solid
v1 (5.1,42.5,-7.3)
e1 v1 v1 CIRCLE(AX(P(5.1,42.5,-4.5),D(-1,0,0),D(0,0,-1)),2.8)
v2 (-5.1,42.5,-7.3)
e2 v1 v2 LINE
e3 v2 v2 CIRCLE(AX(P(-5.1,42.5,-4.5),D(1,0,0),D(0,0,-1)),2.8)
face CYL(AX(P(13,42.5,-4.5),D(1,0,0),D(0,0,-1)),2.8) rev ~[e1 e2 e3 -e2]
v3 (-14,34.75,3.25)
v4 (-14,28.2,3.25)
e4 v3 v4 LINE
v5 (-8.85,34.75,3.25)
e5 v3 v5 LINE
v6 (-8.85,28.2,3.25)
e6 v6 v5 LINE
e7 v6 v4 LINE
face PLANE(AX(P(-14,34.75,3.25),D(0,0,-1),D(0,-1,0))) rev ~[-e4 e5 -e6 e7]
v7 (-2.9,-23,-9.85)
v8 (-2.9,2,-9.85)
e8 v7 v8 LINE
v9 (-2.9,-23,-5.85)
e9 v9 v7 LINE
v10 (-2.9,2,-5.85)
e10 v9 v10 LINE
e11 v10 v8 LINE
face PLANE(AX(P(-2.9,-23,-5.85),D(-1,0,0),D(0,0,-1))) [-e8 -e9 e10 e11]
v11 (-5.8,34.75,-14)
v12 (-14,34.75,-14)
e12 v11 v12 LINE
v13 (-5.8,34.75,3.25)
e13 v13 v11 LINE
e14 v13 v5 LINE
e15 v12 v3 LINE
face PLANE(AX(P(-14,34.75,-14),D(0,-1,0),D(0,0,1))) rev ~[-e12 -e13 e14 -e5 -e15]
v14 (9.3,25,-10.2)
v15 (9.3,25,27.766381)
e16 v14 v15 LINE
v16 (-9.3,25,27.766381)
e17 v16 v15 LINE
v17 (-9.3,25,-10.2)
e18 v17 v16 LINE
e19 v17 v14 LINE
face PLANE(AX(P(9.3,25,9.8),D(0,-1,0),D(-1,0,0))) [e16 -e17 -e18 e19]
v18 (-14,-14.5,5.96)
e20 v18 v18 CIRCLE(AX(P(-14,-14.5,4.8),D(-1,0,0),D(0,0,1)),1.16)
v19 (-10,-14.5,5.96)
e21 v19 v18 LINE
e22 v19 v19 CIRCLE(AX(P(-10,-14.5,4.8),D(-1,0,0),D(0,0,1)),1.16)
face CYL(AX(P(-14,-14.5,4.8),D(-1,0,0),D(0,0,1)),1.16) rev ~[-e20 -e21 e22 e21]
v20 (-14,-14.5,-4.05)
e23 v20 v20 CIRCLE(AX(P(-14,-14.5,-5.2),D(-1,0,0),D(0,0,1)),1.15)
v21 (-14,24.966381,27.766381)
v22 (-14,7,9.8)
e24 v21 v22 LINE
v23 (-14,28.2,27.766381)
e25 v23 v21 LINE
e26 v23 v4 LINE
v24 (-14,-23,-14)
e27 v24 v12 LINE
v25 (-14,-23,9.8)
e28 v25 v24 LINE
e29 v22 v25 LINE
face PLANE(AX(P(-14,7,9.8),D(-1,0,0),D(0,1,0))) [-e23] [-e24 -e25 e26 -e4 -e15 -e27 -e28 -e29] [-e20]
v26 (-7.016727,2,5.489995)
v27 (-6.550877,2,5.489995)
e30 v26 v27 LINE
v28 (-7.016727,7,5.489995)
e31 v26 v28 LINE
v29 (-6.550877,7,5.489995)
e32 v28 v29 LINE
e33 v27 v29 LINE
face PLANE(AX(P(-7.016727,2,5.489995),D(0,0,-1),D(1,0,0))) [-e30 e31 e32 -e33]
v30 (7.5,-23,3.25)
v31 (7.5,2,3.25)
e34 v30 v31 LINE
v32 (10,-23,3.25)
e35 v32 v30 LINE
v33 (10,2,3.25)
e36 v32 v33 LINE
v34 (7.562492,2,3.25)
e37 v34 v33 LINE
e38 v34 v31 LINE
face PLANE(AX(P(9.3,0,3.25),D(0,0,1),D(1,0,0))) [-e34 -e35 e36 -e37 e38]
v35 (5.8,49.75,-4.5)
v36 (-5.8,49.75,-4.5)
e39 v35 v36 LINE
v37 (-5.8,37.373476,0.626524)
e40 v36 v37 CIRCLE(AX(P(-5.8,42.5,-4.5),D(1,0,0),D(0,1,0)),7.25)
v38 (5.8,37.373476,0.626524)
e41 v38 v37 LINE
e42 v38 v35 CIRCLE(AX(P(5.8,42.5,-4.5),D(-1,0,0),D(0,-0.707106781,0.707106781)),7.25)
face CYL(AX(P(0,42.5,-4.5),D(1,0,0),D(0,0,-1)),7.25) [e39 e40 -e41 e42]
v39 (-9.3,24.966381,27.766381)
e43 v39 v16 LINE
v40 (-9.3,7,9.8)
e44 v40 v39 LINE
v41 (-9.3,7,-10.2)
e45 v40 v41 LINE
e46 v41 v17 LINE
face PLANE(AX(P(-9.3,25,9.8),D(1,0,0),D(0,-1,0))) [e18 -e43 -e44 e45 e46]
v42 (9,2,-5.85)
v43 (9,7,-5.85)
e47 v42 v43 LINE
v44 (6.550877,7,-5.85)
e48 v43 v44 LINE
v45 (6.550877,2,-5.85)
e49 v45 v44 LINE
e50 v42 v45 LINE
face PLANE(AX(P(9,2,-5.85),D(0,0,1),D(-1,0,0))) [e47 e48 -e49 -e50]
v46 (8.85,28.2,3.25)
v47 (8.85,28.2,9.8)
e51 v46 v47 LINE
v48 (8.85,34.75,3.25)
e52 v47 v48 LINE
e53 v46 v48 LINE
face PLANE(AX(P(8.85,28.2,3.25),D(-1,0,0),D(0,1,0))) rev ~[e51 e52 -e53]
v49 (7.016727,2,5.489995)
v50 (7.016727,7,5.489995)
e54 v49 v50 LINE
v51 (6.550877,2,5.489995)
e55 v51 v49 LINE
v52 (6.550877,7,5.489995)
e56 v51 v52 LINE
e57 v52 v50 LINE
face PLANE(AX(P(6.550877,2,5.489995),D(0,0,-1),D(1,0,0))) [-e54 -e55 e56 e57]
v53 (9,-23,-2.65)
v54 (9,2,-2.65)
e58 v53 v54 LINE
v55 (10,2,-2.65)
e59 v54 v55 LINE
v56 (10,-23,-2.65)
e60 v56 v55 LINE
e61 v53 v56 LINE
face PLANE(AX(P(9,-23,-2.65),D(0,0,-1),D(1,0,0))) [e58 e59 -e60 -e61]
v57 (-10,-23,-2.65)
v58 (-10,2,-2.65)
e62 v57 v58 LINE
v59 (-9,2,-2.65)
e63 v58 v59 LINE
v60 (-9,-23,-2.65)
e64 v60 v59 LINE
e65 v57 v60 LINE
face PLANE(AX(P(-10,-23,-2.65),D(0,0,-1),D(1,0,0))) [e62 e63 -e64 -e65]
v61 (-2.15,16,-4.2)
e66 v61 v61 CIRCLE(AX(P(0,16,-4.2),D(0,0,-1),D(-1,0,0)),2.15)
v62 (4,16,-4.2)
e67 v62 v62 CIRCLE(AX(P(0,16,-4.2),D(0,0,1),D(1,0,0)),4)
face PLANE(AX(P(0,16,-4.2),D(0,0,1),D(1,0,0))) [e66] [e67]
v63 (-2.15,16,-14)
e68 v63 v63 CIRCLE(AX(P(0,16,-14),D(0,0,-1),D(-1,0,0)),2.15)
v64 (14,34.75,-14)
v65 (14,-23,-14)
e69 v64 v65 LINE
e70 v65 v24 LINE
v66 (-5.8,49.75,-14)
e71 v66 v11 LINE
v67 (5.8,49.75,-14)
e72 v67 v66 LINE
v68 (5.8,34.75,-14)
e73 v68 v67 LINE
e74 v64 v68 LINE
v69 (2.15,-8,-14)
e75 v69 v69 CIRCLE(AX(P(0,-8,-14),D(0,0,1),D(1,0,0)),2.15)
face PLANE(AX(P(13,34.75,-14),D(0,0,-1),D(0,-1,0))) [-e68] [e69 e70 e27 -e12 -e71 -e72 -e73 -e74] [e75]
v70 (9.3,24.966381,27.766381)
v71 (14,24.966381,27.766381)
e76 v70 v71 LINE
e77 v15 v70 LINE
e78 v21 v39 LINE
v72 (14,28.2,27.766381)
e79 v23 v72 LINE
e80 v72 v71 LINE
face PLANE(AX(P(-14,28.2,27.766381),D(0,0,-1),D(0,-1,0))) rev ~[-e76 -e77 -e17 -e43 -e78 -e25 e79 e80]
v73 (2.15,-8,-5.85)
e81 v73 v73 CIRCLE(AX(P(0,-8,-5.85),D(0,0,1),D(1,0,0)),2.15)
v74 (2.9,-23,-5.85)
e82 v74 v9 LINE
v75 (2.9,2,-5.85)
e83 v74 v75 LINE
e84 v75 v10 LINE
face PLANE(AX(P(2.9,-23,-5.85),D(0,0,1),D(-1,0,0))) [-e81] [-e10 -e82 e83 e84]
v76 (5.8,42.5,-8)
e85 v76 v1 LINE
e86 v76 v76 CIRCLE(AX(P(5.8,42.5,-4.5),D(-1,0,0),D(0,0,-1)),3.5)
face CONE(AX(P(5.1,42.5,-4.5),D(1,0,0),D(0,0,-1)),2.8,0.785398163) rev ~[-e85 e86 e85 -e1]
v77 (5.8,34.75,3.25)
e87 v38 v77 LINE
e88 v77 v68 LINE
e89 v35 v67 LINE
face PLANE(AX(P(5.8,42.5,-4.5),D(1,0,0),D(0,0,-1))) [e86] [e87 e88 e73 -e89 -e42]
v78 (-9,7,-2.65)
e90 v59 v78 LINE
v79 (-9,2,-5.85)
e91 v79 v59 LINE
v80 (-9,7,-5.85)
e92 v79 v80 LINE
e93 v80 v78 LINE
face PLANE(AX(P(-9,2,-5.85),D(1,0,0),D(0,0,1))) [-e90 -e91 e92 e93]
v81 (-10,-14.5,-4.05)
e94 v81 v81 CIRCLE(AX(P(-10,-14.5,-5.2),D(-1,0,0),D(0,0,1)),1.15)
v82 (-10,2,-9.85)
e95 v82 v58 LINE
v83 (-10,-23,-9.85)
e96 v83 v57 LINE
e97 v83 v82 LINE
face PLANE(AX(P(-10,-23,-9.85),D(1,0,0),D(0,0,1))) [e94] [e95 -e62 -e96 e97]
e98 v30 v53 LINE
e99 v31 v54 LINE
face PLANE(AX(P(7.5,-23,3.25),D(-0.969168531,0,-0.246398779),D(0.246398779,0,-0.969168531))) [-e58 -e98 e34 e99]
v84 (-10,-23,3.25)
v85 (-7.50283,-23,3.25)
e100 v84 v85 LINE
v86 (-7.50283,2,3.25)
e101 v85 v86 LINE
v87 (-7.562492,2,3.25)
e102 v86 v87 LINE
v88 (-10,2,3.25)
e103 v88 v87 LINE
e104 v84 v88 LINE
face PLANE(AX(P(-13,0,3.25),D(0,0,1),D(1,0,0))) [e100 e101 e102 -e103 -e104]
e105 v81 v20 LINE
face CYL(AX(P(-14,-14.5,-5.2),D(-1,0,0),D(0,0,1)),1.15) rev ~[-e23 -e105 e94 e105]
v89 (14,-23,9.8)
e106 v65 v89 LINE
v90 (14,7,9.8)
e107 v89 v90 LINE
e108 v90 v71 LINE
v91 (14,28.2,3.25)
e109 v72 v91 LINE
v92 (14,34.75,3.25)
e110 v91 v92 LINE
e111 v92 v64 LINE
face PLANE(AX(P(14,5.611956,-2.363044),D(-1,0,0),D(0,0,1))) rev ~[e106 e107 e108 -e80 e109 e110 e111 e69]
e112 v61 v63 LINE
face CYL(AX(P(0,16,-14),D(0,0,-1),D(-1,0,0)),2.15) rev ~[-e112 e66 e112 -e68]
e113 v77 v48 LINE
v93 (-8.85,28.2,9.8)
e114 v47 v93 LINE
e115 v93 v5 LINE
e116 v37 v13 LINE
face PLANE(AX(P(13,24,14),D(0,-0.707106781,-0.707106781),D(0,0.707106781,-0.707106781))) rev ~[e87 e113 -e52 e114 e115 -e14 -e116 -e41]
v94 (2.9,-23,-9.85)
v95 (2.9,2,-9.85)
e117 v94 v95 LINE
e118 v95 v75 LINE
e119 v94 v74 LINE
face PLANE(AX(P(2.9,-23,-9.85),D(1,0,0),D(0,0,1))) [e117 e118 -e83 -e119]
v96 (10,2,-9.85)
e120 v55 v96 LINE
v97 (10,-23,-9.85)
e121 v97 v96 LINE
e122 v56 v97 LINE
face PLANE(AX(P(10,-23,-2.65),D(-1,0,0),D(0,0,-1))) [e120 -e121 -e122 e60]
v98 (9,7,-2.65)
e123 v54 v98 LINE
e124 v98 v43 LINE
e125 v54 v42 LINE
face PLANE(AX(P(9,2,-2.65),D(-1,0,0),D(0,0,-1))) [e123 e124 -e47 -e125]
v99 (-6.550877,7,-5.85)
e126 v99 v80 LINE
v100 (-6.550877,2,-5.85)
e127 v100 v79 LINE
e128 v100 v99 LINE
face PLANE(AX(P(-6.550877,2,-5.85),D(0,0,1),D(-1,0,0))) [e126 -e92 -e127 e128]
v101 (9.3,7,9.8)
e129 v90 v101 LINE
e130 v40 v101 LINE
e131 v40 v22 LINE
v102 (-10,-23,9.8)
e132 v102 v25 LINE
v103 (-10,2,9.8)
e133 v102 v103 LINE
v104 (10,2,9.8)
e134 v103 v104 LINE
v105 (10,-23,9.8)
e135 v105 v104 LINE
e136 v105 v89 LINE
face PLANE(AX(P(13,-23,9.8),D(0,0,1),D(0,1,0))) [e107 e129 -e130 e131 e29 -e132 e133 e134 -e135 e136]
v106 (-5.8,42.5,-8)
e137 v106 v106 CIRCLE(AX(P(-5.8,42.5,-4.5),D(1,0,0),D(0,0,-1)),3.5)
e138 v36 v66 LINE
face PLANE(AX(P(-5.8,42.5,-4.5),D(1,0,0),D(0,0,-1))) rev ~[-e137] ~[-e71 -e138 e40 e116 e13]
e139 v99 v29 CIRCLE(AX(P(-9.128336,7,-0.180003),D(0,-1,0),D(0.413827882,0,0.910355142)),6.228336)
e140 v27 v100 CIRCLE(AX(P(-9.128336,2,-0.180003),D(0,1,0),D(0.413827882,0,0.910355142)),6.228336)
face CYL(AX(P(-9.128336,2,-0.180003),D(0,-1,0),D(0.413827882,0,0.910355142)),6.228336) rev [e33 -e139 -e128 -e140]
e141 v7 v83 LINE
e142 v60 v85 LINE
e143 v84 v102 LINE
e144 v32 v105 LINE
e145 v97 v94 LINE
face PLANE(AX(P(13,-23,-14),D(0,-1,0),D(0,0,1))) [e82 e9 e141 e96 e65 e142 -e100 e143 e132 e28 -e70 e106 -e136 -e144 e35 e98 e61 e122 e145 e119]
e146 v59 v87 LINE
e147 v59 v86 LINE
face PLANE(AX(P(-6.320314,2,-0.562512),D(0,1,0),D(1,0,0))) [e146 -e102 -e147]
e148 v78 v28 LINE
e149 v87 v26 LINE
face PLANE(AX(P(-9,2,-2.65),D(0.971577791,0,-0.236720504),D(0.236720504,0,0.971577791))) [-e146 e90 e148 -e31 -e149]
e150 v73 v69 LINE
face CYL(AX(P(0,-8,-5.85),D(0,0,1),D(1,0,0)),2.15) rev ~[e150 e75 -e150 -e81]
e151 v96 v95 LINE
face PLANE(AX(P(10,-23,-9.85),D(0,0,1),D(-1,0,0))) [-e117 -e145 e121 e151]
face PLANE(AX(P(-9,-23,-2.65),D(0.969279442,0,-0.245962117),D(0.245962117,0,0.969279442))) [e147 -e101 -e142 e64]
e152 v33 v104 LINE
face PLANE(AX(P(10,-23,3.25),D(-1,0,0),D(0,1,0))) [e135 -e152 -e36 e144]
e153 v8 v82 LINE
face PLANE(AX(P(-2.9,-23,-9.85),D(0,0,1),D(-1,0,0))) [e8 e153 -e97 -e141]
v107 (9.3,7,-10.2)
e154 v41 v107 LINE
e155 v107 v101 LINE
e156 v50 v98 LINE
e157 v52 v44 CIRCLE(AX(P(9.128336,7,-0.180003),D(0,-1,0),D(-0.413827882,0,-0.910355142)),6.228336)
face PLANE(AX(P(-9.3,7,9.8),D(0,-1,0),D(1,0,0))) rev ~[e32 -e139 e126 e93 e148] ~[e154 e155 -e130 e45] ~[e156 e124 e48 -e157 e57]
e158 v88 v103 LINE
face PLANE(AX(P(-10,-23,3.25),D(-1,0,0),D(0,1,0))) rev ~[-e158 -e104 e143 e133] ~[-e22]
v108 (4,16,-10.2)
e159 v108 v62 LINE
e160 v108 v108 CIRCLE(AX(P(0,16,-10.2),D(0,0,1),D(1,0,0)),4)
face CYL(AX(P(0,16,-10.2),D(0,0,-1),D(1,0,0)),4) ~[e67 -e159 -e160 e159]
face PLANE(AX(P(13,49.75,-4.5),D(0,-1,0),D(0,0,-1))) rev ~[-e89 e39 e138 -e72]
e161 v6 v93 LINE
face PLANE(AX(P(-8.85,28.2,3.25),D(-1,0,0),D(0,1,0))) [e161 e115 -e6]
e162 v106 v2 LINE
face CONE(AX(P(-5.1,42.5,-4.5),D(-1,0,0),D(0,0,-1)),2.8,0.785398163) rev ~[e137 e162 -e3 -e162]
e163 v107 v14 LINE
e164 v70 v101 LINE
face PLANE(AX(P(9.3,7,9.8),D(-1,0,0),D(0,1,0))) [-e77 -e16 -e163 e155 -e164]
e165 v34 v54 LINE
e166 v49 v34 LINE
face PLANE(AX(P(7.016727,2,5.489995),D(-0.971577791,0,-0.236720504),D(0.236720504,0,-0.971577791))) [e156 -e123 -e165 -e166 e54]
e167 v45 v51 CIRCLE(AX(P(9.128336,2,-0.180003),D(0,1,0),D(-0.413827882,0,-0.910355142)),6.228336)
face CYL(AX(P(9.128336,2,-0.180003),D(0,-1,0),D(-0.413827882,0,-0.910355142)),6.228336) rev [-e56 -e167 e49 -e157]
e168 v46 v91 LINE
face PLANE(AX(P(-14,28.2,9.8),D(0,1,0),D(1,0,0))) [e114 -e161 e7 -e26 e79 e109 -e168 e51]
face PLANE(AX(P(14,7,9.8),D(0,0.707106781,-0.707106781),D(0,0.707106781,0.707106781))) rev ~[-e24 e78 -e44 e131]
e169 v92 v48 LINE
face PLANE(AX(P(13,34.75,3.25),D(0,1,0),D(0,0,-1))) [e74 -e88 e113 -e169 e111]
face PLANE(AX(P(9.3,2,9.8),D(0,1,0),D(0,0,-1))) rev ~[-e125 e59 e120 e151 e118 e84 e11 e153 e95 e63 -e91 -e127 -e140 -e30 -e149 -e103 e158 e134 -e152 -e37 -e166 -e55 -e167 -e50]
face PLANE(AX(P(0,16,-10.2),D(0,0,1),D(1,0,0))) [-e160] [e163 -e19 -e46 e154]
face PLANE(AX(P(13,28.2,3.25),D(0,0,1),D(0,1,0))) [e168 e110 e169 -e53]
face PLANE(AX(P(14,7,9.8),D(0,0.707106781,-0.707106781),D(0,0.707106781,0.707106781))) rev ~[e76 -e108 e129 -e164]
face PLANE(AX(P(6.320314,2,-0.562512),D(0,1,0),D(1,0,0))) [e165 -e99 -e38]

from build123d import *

# Parameters (mm, degrees)
SKETCH1_W                = 26
SKETCH1_H                = 28
BOSS_EXTRUDE1_DEPTH      = 50
CUT_EXTRUDE3_DEPTH       = 39
SKETCH14_R               = 7.25
BOSS_EXTRUDE7_DEPTH      = 5.8
SKETCH15_R               = 2.8
CUT_EXTRUDE4_DEPTH       = 28
CUT_EXTRUDE7_DEPTH       = 54.29223677
SKETCH19_R               = 2.15
CUT_EXTRUDE9_DEPTH       = 50
ESQUISSE1_W              = 17.371158736
ESQUISSE1_H              = 10.855066753
ENL_V_MAT_EXTRU_1_DEPTH  = 7.5
ENL_V_START              = -7.2
ESQUISSE3_W              = 17.25
ESQUISSE3_H              = 8.423951408
ENL_V_MAT_EXTRU_3_DEPTH  = 7.2
ESQUISSE43_W             = 18.6
ESQUISSE43_H             = 18
ENL_V_MAT_EXTRU_4_DEPTH  = 20
BOSS_EXTRU_28_DEPTH      = 23
ENL_V_MAT_EXTRU_5_DEPTH  = 25
ENL_V_MAT_EXTRU_6_DEPTH  = 7
ESQUISSE48_R             = 4
BOSS_EXTRU_29_DEPTH      = 6
ESQUISSE51_R             = 2.15
ENL_V_MAT_EXTRU_9_DEPTH  = 12
ESQUISSE53_W             = 6.55
ESQUISSE53_H             = 26.2
BOSS_EXTRU_30_DEPTH      = 3.7
ESQUISSE54_W             = 6.55
ESQUISSE54_H             = 26.2
BOSS_EXTRU_31_DEPTH      = 3.7
ESQUISSE55_W             = 3
ESQUISSE55_H             = 25
BOSS_EXTRU_32_DEPTH      = 6.55
ESQUISSE56_R             = 1.15
ESQUISSE56_R_2           = 1.16
ENL_V_MAT_EXTRU_11_DEPTH = 10
CHANFREIN1_SIZE          = 0.7
ESQUISSE57_R             = 2.15
ENL_V_MAT_EXTRU_12_DEPTH = 10
BOSS_EXTRU_33_START      = 1
ESQUISSE58_R             = 1.15
ESQUISSE58_R_2           = 1.16
BOSS_EXTRU_33_DEPTH      = 1
BOSS_EXTRU_34_DEPTH      = 1
ESQUISSE61_W             = 0.45
ESQUISSE61_H             = 6.55
ENL_V_MAT_EXTRU_13_DEPTH = 15
BOSS_EXTRU_35_DEPTH      = 25
ENL_V_MAT_EXTRU_14_DEPTH = 41
ENL_V_MAT_EXTRU_15_DEPTH = 33


with BuildPart() as part:
    # Sketch1 → Boss-Extrude1 (new body)
    with BuildSketch(Plane(origin=(0, 0, 0), x_dir=(1, 0, 0), z_dir=(0, 1, 0))):
        Rectangle(SKETCH1_W, SKETCH1_H)
    extrude(amount=BOSS_EXTRUDE1_DEPTH)

    # Sketch7 → Cut-Extrude3 (cut)
    with BuildSketch(Plane(origin=(13, 0, 0), x_dir=(0, 0, -1), z_dir=(1, 0, 0))):
        with BuildLine():
            Line((4.5, 50), (-14, 50))
            Line((-14, 50), (-14, 24))
            Line((-14, 24), (-0.626524164, 37.373475836))
            ThreePointArc((-0.626524164, 37.373475836), (11.198126611, 39.725545115), (4.5, 49.75))
            Line((4.5, 49.75), (14, 49.75))
            Line((14, 49.75), (14, 50))
            Line((14, 50), (4.5, 50))
        make_face()
    extrude(amount=-CUT_EXTRUDE3_DEPTH, mode=Mode.SUBTRACT)

    # Sketch14 → Boss-Extrude7 (add, symmetric)
    with BuildSketch(Plane(origin=(0, 0, 0), x_dir=(0, 0, -1), z_dir=(1, 0, 0))):
        with Locations((4.5, 42.5)):
            Circle(SKETCH14_R)
    boss_extrude7 = extrude(amount=BOSS_EXTRUDE7_DEPTH, both=True)

    # Symétrie1: Boss-Extrude7 across plane
    add(boss_extrude7.mirror(Plane(origin=(0, 0, 0), x_dir=(0, 0, 1), z_dir=(1, 0, 0))))

    # Sketch15 → Cut-Extrude4 (cut)
    with BuildSketch(Plane(origin=(13, 0, 0), x_dir=(0, 0, -1), z_dir=(1, 0, 0))):
        with Locations((4.5, 42.5)):
            Circle(SKETCH15_R)
    extrude(amount=-CUT_EXTRUDE4_DEPTH, mode=Mode.SUBTRACT)

    # Sketch17 → Cut-Extrude7 (cut, through all)
    with BuildSketch(Plane.XZ):
        Polygon((-9.3, 3.25), (-13, 3.25), (-13, 14), (13, 14), (13, 3.25), (9.3, 3.25), (9.3, 9.8), (-9.3, 9.8), align=None)
    extrude(amount=-CUT_EXTRUDE7_DEPTH, mode=Mode.SUBTRACT)

    # Sketch19 → Cut-Extrude9 (cut)
    with BuildSketch(Plane(origin=(0, 0, -14), x_dir=(-1, 0, 0), z_dir=(0, 0, -1))):
        with Locations((0, 16)):
            Circle(SKETCH19_R)
    extrude(amount=-CUT_EXTRUDE9_DEPTH, mode=Mode.SUBTRACT)

    # Esquisse1 → Enlèv. mat.-Extru.1 (cut)
    with BuildSketch(Plane(origin=(0, 49.75, 0), x_dir=(1, 0, 0), z_dir=(0, 1, 0))):
        with Locations((-14.485579368, 9.927533377)):
            Rectangle(ESQUISSE1_W, ESQUISSE1_H)
    enl_v_mat_extru_1 = extrude(amount=-ENL_V_MAT_EXTRU_1_DEPTH, mode=Mode.SUBTRACT)

    # Symétrie3: Enlèv. mat.-Extru.1 across plane
    add(enl_v_mat_extru_1.mirror(Plane(origin=(0, 0, 0), x_dir=(0, 0, 1), z_dir=(1, 0, 0))), mode=Mode.SUBTRACT)

    # Esquisse3 → Enlèv. mat.-Extru.3 (cut)
    with BuildSketch(Plane(origin=(13, 0, 0), x_dir=(0, 0, -1), z_dir=(1, 0, 0)).offset(ENL_V_START)):
        with Locations((5.375, 38.961975704)):
            Rectangle(ESQUISSE3_W, ESQUISSE3_H)
    enl_v_mat_extru_3 = extrude(amount=ENL_V_MAT_EXTRU_3_DEPTH, mode=Mode.SUBTRACT)

    # Symétrie4: Enlèv. mat.-Extru.3 across plane
    add(enl_v_mat_extru_3.mirror(Plane(origin=(0, 0, 0), x_dir=(0, 0, 1), z_dir=(1, 0, 0))), mode=Mode.SUBTRACT)

    # Esquisse43 → Enlèv. mat.-Extru.4 (cut)
    with BuildSketch(Plane.XY.offset(9.8)):
        with Locations((0, 16)):
            Rectangle(ESQUISSE43_W, ESQUISSE43_H)
    extrude(amount=-ENL_V_MAT_EXTRU_4_DEPTH, mode=Mode.SUBTRACT)

    # Esquisse45 → Boss.-Extru.28 (add)
    with BuildSketch(Plane.XZ):
        Polygon((-9.3, 3.25), (-9.3, 9.8), (9.3, 9.8), (9.3, 3.25), (13, 3.25), (13, -14), (-13, -14), (-13, 3.25), align=None)
    extrude(amount=BOSS_EXTRU_28_DEPTH)

    # Sketch3 → Enlèv. mat.-Extru.5 (cut)
    with BuildSketch(Plane(origin=(0, -23, 0), x_dir=(1, 0, 0), z_dir=(0, 1, 0))):
        Polygon((10, 2.65), (10, 9.85), (2.9, 9.85), (2.9, 5.85), (-2.9, 5.85), (-2.9, 9.85), (-10, 9.85), (-10, 2.65), (-9, 2.65), (-7.502829597, -3.25), (-10, -3.25), (-10, -14.961698536), (10, -14.961698536), (10, -3.25), (7.5, -3.25), (9, 2.65), align=None)
    extrude(amount=ENL_V_MAT_EXTRU_5_DEPTH, mode=Mode.SUBTRACT)

    # Esquisse47 → Enlèv. mat.-Extru.6 (cut)
    with BuildSketch(Plane(origin=(0, 2, 0), x_dir=(-1, 0, 0), z_dir=(0, -1, 0))):
        with BuildLine():
            Line((-9, 2.65), (-9, 5.85))
            Line((-9, 5.85), (-6.550876644, 5.85))
            ThreePointArc((-6.550876644, 5.85), (-2.9, 0.180002706), (-6.550876644, -5.489994589))
            Line((-6.550876644, -5.489994589), (-7.016727392, -5.489994589))
            Line((-7.016727392, -5.489994589), (-9, 2.65))
        make_face()
        with BuildLine():
            Line((6.550876644, 5.85), (9, 5.85))
            Line((9, 5.85), (9, 2.65))
            Line((9, 2.65), (7.016727392, -5.489994589))
            Line((7.016727392, -5.489994589), (6.550876644, -5.489994589))
            ThreePointArc((6.550876644, -5.489994589), (2.9, 0.180002706), (6.550876644, 5.85))
        make_face()
    extrude(amount=-ENL_V_MAT_EXTRU_6_DEPTH, mode=Mode.SUBTRACT)

    # Esquisse48 → Boss.-Extru.29 (add)
    with BuildSketch(Plane.XY.offset(-10.2)):
        with Locations((0, 16)):
            Circle(ESQUISSE48_R)
    extrude(amount=BOSS_EXTRU_29_DEPTH)

    # Esquisse51 → Enlèv. mat.-Extru.9 (cut)
    with BuildSketch(Plane.XY.offset(-5.85)):
        with Locations((0, -8)):
            Circle(ESQUISSE51_R)
    extrude(amount=-ENL_V_MAT_EXTRU_9_DEPTH, mode=Mode.SUBTRACT)

    # Esquisse53 → Boss.-Extru.30 (add)
    with BuildSketch(Plane.ZY.offset(9.3)):
        with Locations((6.525, 15.1)):
            Rectangle(ESQUISSE53_W, ESQUISSE53_H)
    extrude(amount=BOSS_EXTRU_30_DEPTH)

    # Esquisse54 → Boss.-Extru.31 (add)
    with BuildSketch(Plane(origin=(9.3, 0, 0), x_dir=(0, 0, -1), z_dir=(1, 0, 0))):
        with Locations((-6.525, 15.1)):
            Rectangle(ESQUISSE54_W, ESQUISSE54_H)
    extrude(amount=BOSS_EXTRU_31_DEPTH)

    # Esquisse55 → Boss.-Extru.32 (add)
    with BuildSketch(Plane.XY.offset(3.25)):
        with Locations((-11.5, -10.5)):
            Rectangle(ESQUISSE55_W, ESQUISSE55_H)
        with Locations((11.5, -10.5)):
            Rectangle(ESQUISSE55_W, ESQUISSE55_H)
    extrude(amount=BOSS_EXTRU_32_DEPTH)

    # Esquisse56 → Enlèv. mat.-Extru.11 (cut)
    with BuildSketch(Plane.ZY.offset(13)):
        with Locations((-5.2, -14.5)):
            Circle(ESQUISSE56_R)
        with Locations((4.8, -14.5)):
            Circle(ESQUISSE56_R_2)
    extrude(amount=-ENL_V_MAT_EXTRU_11_DEPTH, mode=Mode.SUBTRACT)

    # Chanfrein1
    chanfrein1_edges = [part.edges().sort_by_distance(p)[0] for p in [
        (5.8, 42.5, -1.7),
        (-5.8, 42.5, -1.7),
    ]]
    chamfer(chanfrein1_edges, length=CHANFREIN1_SIZE)

    # Esquisse57 → Enlèv. mat.-Extru.12 (cut)
    with BuildSketch(Plane(origin=(0, 0, -10.2), x_dir=(-1, 0, 0), z_dir=(0, 0, -1))):
        with Locations((0, 16)):
            Circle(ESQUISSE57_R)
    extrude(amount=-ENL_V_MAT_EXTRU_12_DEPTH, mode=Mode.SUBTRACT)

    # Esquisse58 → Boss.-Extru.33 (add)
    with BuildSketch(Plane.ZY.offset(13).offset(BOSS_EXTRU_33_START)):
        Polygon((-14, 34.75), (3.25, 34.75), (3.25, 28.2), (9.8, 28.2), (9.8, -23), (-14, -23), align=None)
        with Locations((-5.2, -14.5)):
            Circle(ESQUISSE58_R, mode=Mode.SUBTRACT)
        with Locations((4.8, -14.5)):
            Circle(ESQUISSE58_R_2, mode=Mode.SUBTRACT)
    extrude(amount=-BOSS_EXTRU_33_DEPTH)

    # Esquisse59 → Boss.-Extru.34 (add)
    with BuildSketch(Plane(origin=(13, 0, 0), x_dir=(0, 0, -1), z_dir=(1, 0, 0))):
        Polygon((-3.25, 28.2), (-3.25, 34.75), (14, 34.75), (14, -23), (-9.8, -23), (-9.8, 28.2), align=None)
    extrude(amount=BOSS_EXTRU_34_DEPTH)

    # Esquisse61 → Enlèv. mat.-Extru.13 (cut)
    with BuildSketch(Plane.XY.offset(3.25)):
        with Locations((-9.075, 31.475)):
            Rectangle(ESQUISSE61_W, ESQUISSE61_H)
        with Locations((9.075, 31.475)):
            Rectangle(ESQUISSE61_W, ESQUISSE61_H)
    extrude(amount=ENL_V_MAT_EXTRU_13_DEPTH, mode=Mode.SUBTRACT)

    # Esquisse62 → Boss.-Extru.35 (add)
    with BuildSketch(Plane.XY.offset(9.8)):
        Polygon((-9.3, 7), (-14, 7), (-14, 28.2), (14, 28.2), (14, 7), (9.3, 7), (9.3, 25), (-9.3, 25), align=None)
    extrude(amount=BOSS_EXTRU_35_DEPTH)

    # Esquisse63 → Enlèv. mat.-Extru.14 (cut)
    with BuildSketch(Plane(origin=(14, 0, 0), x_dir=(0, 0, -1), z_dir=(1, 0, 0))):
        Polygon((-9.8, 7), (-34.636706434, 31.836706434), (-43.129995532, 15.759057015), (-32.785249808, -2.73145904), (-31.803829731, -2.73145904), align=None)
    extrude(amount=-ENL_V_MAT_EXTRU_14_DEPTH, mode=Mode.SUBTRACT)

    # Esquisse64 → Enlèv. mat.-Extru.15 (cut)
    with BuildSketch(Plane.ZY.offset(14)):
        Polygon((31, 28.2), (27.766380883, 28.2), (27.766380883, 24.966380883), align=None)
    extrude(amount=-ENL_V_MAT_EXTRU_15_DEPTH, mode=Mode.SUBTRACT)


solid = part.part
